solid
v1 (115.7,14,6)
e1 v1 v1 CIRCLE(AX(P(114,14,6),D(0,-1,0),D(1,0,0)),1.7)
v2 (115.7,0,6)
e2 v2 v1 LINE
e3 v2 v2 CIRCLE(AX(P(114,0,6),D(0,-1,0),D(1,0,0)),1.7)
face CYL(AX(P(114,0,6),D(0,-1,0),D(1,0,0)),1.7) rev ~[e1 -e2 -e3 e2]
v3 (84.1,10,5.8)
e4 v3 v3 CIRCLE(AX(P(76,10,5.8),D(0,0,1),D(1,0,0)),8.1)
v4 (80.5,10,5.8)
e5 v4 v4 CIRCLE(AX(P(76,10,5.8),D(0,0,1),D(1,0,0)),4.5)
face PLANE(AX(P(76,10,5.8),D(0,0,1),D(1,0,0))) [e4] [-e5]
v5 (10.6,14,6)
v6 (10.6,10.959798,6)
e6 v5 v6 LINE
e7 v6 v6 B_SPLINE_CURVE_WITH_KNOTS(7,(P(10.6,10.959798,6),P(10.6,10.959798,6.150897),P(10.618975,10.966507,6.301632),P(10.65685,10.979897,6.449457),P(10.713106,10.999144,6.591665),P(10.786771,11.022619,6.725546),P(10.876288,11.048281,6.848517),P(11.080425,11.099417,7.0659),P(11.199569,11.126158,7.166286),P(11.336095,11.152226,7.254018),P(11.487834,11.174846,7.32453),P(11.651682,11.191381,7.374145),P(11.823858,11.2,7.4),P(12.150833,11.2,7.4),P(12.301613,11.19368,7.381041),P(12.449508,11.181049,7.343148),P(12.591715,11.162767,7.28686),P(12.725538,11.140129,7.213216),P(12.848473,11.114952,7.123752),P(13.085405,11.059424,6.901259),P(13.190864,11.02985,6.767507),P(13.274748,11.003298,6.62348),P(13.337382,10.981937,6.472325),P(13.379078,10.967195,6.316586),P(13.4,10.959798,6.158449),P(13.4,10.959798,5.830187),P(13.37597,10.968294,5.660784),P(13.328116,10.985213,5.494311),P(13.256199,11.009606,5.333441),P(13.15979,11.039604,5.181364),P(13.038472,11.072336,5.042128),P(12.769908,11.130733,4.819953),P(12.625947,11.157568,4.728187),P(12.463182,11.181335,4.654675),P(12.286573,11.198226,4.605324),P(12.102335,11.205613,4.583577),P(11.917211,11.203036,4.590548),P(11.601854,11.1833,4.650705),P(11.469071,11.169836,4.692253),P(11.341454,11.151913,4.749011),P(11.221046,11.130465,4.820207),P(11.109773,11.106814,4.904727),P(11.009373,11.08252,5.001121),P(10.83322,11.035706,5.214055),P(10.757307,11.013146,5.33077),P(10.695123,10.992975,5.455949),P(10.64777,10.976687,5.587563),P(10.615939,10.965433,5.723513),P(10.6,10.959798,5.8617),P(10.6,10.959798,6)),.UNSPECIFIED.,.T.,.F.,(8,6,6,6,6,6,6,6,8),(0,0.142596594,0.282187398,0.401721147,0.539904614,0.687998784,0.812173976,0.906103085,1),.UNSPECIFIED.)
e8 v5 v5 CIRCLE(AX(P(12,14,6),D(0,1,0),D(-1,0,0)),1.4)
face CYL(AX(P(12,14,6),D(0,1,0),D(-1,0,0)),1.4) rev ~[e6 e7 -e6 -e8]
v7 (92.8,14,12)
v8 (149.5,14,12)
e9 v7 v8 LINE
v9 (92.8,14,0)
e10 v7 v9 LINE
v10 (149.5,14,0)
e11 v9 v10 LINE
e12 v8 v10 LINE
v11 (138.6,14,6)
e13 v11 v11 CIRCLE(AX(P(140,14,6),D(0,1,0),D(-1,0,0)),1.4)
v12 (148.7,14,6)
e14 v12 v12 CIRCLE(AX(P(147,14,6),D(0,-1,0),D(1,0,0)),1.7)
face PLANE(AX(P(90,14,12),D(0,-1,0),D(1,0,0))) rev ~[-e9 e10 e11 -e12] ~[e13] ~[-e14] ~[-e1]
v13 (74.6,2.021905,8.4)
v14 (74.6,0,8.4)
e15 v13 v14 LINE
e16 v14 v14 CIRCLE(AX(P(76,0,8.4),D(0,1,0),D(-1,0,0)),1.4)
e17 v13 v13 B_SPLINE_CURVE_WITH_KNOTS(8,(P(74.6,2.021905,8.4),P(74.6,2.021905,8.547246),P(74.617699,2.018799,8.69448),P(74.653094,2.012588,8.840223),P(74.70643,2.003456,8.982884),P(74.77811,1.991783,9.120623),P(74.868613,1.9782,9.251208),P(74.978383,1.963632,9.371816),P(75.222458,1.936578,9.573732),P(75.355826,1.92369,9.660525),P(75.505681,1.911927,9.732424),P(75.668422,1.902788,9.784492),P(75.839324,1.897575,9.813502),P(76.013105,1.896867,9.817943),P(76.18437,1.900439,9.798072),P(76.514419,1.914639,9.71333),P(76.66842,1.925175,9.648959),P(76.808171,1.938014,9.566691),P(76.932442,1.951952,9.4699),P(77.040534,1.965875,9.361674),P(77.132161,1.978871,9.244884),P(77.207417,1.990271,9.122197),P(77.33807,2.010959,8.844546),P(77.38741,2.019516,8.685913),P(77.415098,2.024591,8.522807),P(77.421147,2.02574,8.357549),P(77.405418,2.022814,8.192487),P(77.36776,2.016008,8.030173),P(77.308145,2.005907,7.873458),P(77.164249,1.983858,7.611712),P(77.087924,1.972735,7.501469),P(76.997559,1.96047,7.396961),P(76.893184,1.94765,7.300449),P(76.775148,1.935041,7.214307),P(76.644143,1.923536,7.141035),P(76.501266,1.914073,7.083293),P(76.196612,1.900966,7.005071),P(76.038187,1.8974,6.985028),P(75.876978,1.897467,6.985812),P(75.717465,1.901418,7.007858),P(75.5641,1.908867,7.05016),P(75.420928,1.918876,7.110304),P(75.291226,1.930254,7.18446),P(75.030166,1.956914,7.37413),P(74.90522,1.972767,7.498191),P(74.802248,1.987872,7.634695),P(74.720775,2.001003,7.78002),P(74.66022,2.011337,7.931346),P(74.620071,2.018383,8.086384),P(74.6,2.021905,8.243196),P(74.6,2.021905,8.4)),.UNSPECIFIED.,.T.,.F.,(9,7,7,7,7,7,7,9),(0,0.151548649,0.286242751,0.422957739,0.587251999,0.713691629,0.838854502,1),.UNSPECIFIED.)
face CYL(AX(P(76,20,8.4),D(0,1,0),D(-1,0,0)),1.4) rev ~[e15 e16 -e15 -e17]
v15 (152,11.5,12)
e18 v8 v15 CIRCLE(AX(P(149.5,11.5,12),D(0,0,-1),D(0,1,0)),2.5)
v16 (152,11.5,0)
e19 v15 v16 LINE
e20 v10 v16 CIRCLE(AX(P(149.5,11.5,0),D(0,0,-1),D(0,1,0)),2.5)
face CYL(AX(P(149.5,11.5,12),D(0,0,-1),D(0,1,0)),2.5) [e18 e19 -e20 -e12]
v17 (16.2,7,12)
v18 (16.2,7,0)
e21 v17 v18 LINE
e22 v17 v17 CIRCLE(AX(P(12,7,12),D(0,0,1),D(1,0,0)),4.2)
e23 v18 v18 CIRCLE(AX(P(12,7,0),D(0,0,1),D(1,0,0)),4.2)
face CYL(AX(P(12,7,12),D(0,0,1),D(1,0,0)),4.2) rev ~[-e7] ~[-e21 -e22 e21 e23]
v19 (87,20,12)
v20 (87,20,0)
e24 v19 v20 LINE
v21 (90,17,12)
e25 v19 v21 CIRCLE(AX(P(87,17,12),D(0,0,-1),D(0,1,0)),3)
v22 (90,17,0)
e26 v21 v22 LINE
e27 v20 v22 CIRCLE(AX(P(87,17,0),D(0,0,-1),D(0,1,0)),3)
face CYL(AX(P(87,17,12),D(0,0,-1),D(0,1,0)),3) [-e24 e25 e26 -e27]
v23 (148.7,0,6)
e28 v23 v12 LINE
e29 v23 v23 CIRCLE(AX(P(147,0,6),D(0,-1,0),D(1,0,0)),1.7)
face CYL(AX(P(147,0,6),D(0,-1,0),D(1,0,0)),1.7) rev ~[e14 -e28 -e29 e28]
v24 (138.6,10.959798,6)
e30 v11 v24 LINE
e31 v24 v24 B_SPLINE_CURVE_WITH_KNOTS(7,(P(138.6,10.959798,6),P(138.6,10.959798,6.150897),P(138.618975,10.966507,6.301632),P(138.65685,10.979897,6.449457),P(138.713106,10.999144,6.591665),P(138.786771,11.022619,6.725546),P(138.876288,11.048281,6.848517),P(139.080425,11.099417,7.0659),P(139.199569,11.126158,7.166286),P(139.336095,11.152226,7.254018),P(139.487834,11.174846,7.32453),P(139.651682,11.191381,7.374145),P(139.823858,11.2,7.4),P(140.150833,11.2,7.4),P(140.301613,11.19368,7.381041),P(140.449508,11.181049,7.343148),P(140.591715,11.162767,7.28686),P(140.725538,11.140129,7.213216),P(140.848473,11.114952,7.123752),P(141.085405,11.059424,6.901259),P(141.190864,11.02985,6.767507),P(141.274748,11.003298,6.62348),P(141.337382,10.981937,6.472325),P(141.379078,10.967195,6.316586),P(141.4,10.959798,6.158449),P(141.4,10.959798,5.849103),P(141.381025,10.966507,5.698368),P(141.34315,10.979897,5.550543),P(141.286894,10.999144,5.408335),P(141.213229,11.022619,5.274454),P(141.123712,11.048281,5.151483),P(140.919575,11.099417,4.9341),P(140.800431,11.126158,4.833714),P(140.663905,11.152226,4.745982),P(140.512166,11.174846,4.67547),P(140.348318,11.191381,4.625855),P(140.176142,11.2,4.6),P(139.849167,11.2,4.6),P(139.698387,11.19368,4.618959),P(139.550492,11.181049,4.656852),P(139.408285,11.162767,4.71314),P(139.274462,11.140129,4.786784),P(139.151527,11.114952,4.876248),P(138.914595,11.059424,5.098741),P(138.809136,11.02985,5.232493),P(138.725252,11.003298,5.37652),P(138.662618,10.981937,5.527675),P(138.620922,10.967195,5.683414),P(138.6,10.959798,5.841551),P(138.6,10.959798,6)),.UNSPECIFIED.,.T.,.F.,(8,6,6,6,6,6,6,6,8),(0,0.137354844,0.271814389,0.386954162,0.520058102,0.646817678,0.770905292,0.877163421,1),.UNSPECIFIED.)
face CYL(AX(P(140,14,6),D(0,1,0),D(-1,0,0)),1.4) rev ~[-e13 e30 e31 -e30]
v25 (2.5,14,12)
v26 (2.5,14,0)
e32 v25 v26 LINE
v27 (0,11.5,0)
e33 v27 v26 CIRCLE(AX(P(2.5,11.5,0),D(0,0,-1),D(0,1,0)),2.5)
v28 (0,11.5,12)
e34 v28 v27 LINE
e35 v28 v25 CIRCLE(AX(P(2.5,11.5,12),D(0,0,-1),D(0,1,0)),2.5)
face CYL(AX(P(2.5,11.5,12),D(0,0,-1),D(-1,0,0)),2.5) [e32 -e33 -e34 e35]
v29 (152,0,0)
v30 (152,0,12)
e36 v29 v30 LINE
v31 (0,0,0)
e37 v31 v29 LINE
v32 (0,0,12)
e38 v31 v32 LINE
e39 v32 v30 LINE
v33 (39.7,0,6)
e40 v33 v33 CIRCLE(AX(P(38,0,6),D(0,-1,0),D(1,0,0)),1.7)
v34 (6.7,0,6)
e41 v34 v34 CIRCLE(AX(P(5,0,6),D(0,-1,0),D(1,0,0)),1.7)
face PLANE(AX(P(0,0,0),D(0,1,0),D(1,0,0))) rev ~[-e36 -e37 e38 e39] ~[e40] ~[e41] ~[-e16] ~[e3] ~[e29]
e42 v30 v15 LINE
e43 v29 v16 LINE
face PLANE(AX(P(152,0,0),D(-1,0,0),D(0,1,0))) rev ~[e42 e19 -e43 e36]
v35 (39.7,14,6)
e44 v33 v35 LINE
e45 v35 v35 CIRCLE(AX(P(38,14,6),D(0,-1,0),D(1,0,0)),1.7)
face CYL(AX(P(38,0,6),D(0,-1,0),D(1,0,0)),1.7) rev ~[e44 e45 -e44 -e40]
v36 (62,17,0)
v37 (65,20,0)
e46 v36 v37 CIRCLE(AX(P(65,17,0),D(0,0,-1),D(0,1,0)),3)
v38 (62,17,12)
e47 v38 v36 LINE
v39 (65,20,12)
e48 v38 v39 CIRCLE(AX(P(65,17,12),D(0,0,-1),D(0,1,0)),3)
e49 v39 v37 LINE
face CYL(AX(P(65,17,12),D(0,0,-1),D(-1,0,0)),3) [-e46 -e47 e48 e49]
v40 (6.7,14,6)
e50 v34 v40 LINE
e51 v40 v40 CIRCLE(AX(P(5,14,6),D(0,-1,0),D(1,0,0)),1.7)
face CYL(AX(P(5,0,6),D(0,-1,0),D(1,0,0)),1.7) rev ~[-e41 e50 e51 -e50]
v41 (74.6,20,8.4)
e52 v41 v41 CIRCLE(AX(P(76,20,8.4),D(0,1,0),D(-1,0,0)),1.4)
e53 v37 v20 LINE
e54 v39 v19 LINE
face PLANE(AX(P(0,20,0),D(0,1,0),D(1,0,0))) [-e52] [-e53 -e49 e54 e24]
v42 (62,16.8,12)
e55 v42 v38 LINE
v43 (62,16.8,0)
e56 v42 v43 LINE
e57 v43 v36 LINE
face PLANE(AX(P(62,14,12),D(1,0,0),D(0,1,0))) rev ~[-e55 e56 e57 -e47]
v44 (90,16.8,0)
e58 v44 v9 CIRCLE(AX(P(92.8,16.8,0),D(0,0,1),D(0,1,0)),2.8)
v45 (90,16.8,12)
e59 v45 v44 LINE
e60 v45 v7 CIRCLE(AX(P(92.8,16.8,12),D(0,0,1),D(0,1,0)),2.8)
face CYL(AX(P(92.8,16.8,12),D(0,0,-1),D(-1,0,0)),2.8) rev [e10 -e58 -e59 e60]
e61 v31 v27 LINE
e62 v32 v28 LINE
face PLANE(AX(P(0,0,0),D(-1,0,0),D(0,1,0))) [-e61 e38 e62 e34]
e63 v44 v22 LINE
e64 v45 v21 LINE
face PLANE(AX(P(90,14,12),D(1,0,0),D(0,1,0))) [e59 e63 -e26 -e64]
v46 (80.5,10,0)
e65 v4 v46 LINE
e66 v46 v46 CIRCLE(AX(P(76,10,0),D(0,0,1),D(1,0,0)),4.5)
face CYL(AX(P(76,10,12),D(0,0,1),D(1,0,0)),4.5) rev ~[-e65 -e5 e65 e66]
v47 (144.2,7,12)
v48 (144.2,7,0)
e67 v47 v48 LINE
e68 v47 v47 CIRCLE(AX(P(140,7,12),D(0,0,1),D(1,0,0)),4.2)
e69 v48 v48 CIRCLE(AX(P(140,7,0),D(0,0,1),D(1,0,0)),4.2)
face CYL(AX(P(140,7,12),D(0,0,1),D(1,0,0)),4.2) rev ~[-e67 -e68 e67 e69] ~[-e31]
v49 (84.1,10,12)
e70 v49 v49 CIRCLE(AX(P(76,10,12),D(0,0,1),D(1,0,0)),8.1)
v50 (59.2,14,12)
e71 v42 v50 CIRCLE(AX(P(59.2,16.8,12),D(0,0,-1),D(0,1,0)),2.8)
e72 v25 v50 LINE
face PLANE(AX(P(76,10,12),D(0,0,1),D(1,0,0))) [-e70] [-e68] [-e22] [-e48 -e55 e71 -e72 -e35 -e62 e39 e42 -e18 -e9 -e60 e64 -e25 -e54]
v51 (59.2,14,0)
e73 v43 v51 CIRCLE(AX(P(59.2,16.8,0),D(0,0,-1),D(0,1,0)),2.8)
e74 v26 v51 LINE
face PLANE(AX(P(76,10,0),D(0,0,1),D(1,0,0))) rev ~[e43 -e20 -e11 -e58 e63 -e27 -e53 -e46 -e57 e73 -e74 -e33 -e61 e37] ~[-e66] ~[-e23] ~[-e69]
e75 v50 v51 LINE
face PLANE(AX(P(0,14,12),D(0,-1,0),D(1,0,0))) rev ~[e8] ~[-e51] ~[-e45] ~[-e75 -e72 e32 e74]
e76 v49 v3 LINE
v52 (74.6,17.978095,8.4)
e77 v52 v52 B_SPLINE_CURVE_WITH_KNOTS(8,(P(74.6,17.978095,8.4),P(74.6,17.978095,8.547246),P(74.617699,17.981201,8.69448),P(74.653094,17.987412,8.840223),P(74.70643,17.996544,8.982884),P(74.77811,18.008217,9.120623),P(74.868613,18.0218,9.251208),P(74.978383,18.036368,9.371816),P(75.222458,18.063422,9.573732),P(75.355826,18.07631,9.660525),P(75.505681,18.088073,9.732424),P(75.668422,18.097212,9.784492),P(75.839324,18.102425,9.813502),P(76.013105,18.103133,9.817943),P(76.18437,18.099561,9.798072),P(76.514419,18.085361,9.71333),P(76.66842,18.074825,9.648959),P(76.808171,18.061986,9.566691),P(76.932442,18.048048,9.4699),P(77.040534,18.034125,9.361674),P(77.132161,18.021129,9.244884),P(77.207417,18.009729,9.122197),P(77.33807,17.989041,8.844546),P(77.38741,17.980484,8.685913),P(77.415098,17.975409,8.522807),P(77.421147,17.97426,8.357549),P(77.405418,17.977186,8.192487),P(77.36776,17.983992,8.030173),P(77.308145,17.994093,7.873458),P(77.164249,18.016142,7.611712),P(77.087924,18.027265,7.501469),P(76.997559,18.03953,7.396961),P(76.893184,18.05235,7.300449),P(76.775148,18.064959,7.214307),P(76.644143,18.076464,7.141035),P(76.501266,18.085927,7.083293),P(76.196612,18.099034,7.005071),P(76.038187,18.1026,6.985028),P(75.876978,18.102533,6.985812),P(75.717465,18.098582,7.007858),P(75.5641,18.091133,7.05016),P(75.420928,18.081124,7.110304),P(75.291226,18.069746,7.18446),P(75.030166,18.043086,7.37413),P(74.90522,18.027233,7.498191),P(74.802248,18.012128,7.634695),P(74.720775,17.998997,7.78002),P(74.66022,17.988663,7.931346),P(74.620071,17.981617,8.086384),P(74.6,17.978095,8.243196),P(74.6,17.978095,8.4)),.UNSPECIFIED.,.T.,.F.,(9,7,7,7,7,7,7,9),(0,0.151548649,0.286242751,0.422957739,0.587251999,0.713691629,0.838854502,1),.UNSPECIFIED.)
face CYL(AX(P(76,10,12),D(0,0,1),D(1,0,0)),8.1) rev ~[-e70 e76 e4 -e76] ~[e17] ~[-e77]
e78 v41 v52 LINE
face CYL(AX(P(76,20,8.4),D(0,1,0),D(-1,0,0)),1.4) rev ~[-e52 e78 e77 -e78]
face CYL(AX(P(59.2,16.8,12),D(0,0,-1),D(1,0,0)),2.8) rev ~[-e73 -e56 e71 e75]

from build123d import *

# Parameters (mm, degrees)
BOX_W           = 152
BOX_H           = 20
BOX_DEPTH       = 12
SKETCH_R        = 1.7
POCKET_DEPTH    = 20.001
SKETCH001_R     = 4.2
SKETCH001_R_2   = 4.5
SKETCH001_W     = 62
SKETCH001_H     = 8
SKETCH001_H_2   = 9.357648
POCKET001_DEPTH = 12.001
SKETCH002_R     = 8.1
POCKET002_DEPTH = 6.2
SKETCH004_R     = 1.4
POCKET003_DEPTH = 5
SKETCH005_R     = 1.4
POCKET004_DEPTH = 5
SKETCH003_R     = 1.4
POCKET005_DEPTH = 20.001
FILLET_R        = 2.5
FILLET001_R     = 3
FILLET002_R     = 2.8


with BuildPart() as part:
    # Box → Box (new body)
    with BuildSketch(Plane.XY):
        with Locations((76, 10)):
            Rectangle(BOX_W, BOX_H)
    extrude(amount=BOX_DEPTH)

    # Sketch → Pocket (cut, through all)
    with BuildSketch(Plane.XZ):
        with Locations((5, 6)):
            Circle(SKETCH_R)
        with Locations((38, 6)):
            Circle(SKETCH_R)
        with Locations((114, 6)):
            Circle(SKETCH_R)
        with Locations((147, 6)):
            Circle(SKETCH_R)
    extrude(amount=-POCKET_DEPTH, mode=Mode.SUBTRACT)

    # Sketch001 → Pocket001 (cut, through all)
    with BuildSketch(Plane.XY.offset(12)):
        with Locations((12, 7)):
            Circle(SKETCH001_R)
        with Locations((140, 7)):
            Circle(SKETCH001_R)
        with Locations((76, 10)):
            Circle(SKETCH001_R_2)
        with Locations((31, 18)):
            Rectangle(SKETCH001_W, SKETCH001_H)
        with Locations((121, 18.678824)):
            Rectangle(SKETCH001_W, SKETCH001_H_2)
    extrude(amount=-POCKET001_DEPTH, mode=Mode.SUBTRACT)

    # Sketch002 → Pocket002 (cut)
    with BuildSketch(Plane.XY.offset(12)):
        with Locations((76, 10)):
            Circle(SKETCH002_R)
    extrude(amount=-POCKET002_DEPTH, mode=Mode.SUBTRACT)

    # Sketch004 → Pocket003 (cut)
    with BuildSketch(Plane(origin=(0, 14, 0), x_dir=(-1, 0, 0), z_dir=(0, 1, 0))):
        with Locations((-12, 6)):
            Circle(SKETCH004_R)
    extrude(amount=-POCKET003_DEPTH, mode=Mode.SUBTRACT)

    # Sketch005 → Pocket004 (cut)
    with BuildSketch(Plane(origin=(0, 14, 0), x_dir=(-1, 0, 0), z_dir=(0, 1, 0))):
        with Locations((-140, 6)):
            Circle(SKETCH005_R)
    extrude(amount=-POCKET004_DEPTH, mode=Mode.SUBTRACT)

    # Sketch003 → Pocket005 (cut, through all)
    with BuildSketch(Plane(origin=(0, 20, 0), x_dir=(-1, 0, 0), z_dir=(0, 1, 0))):
        with Locations((-76, 8.4)):
            Circle(SKETCH003_R)
    extrude(amount=-POCKET005_DEPTH, mode=Mode.SUBTRACT)

    # Fillet
    fillet_edges = [part.edges().sort_by_distance(p)[0] for p in [
        (152, 14, 6),
        (0, 14, 6),
    ]]
    fillet(fillet_edges, radius=FILLET_R)

    # Fillet001
    fillet001_edges = [part.edges().sort_by_distance(p)[0] for p in [
        (90, 20, 6),
        (62, 20, 6),
    ]]
    fillet(fillet001_edges, radius=FILLET001_R)

    # Fillet002
    fillet002_edges = [part.edges().sort_by_distance(p)[0] for p in [
        (62, 14, 6),
        (90, 14, 6),
    ]]
    fillet(fillet002_edges, radius=FILLET002_R)


solid = part.part
